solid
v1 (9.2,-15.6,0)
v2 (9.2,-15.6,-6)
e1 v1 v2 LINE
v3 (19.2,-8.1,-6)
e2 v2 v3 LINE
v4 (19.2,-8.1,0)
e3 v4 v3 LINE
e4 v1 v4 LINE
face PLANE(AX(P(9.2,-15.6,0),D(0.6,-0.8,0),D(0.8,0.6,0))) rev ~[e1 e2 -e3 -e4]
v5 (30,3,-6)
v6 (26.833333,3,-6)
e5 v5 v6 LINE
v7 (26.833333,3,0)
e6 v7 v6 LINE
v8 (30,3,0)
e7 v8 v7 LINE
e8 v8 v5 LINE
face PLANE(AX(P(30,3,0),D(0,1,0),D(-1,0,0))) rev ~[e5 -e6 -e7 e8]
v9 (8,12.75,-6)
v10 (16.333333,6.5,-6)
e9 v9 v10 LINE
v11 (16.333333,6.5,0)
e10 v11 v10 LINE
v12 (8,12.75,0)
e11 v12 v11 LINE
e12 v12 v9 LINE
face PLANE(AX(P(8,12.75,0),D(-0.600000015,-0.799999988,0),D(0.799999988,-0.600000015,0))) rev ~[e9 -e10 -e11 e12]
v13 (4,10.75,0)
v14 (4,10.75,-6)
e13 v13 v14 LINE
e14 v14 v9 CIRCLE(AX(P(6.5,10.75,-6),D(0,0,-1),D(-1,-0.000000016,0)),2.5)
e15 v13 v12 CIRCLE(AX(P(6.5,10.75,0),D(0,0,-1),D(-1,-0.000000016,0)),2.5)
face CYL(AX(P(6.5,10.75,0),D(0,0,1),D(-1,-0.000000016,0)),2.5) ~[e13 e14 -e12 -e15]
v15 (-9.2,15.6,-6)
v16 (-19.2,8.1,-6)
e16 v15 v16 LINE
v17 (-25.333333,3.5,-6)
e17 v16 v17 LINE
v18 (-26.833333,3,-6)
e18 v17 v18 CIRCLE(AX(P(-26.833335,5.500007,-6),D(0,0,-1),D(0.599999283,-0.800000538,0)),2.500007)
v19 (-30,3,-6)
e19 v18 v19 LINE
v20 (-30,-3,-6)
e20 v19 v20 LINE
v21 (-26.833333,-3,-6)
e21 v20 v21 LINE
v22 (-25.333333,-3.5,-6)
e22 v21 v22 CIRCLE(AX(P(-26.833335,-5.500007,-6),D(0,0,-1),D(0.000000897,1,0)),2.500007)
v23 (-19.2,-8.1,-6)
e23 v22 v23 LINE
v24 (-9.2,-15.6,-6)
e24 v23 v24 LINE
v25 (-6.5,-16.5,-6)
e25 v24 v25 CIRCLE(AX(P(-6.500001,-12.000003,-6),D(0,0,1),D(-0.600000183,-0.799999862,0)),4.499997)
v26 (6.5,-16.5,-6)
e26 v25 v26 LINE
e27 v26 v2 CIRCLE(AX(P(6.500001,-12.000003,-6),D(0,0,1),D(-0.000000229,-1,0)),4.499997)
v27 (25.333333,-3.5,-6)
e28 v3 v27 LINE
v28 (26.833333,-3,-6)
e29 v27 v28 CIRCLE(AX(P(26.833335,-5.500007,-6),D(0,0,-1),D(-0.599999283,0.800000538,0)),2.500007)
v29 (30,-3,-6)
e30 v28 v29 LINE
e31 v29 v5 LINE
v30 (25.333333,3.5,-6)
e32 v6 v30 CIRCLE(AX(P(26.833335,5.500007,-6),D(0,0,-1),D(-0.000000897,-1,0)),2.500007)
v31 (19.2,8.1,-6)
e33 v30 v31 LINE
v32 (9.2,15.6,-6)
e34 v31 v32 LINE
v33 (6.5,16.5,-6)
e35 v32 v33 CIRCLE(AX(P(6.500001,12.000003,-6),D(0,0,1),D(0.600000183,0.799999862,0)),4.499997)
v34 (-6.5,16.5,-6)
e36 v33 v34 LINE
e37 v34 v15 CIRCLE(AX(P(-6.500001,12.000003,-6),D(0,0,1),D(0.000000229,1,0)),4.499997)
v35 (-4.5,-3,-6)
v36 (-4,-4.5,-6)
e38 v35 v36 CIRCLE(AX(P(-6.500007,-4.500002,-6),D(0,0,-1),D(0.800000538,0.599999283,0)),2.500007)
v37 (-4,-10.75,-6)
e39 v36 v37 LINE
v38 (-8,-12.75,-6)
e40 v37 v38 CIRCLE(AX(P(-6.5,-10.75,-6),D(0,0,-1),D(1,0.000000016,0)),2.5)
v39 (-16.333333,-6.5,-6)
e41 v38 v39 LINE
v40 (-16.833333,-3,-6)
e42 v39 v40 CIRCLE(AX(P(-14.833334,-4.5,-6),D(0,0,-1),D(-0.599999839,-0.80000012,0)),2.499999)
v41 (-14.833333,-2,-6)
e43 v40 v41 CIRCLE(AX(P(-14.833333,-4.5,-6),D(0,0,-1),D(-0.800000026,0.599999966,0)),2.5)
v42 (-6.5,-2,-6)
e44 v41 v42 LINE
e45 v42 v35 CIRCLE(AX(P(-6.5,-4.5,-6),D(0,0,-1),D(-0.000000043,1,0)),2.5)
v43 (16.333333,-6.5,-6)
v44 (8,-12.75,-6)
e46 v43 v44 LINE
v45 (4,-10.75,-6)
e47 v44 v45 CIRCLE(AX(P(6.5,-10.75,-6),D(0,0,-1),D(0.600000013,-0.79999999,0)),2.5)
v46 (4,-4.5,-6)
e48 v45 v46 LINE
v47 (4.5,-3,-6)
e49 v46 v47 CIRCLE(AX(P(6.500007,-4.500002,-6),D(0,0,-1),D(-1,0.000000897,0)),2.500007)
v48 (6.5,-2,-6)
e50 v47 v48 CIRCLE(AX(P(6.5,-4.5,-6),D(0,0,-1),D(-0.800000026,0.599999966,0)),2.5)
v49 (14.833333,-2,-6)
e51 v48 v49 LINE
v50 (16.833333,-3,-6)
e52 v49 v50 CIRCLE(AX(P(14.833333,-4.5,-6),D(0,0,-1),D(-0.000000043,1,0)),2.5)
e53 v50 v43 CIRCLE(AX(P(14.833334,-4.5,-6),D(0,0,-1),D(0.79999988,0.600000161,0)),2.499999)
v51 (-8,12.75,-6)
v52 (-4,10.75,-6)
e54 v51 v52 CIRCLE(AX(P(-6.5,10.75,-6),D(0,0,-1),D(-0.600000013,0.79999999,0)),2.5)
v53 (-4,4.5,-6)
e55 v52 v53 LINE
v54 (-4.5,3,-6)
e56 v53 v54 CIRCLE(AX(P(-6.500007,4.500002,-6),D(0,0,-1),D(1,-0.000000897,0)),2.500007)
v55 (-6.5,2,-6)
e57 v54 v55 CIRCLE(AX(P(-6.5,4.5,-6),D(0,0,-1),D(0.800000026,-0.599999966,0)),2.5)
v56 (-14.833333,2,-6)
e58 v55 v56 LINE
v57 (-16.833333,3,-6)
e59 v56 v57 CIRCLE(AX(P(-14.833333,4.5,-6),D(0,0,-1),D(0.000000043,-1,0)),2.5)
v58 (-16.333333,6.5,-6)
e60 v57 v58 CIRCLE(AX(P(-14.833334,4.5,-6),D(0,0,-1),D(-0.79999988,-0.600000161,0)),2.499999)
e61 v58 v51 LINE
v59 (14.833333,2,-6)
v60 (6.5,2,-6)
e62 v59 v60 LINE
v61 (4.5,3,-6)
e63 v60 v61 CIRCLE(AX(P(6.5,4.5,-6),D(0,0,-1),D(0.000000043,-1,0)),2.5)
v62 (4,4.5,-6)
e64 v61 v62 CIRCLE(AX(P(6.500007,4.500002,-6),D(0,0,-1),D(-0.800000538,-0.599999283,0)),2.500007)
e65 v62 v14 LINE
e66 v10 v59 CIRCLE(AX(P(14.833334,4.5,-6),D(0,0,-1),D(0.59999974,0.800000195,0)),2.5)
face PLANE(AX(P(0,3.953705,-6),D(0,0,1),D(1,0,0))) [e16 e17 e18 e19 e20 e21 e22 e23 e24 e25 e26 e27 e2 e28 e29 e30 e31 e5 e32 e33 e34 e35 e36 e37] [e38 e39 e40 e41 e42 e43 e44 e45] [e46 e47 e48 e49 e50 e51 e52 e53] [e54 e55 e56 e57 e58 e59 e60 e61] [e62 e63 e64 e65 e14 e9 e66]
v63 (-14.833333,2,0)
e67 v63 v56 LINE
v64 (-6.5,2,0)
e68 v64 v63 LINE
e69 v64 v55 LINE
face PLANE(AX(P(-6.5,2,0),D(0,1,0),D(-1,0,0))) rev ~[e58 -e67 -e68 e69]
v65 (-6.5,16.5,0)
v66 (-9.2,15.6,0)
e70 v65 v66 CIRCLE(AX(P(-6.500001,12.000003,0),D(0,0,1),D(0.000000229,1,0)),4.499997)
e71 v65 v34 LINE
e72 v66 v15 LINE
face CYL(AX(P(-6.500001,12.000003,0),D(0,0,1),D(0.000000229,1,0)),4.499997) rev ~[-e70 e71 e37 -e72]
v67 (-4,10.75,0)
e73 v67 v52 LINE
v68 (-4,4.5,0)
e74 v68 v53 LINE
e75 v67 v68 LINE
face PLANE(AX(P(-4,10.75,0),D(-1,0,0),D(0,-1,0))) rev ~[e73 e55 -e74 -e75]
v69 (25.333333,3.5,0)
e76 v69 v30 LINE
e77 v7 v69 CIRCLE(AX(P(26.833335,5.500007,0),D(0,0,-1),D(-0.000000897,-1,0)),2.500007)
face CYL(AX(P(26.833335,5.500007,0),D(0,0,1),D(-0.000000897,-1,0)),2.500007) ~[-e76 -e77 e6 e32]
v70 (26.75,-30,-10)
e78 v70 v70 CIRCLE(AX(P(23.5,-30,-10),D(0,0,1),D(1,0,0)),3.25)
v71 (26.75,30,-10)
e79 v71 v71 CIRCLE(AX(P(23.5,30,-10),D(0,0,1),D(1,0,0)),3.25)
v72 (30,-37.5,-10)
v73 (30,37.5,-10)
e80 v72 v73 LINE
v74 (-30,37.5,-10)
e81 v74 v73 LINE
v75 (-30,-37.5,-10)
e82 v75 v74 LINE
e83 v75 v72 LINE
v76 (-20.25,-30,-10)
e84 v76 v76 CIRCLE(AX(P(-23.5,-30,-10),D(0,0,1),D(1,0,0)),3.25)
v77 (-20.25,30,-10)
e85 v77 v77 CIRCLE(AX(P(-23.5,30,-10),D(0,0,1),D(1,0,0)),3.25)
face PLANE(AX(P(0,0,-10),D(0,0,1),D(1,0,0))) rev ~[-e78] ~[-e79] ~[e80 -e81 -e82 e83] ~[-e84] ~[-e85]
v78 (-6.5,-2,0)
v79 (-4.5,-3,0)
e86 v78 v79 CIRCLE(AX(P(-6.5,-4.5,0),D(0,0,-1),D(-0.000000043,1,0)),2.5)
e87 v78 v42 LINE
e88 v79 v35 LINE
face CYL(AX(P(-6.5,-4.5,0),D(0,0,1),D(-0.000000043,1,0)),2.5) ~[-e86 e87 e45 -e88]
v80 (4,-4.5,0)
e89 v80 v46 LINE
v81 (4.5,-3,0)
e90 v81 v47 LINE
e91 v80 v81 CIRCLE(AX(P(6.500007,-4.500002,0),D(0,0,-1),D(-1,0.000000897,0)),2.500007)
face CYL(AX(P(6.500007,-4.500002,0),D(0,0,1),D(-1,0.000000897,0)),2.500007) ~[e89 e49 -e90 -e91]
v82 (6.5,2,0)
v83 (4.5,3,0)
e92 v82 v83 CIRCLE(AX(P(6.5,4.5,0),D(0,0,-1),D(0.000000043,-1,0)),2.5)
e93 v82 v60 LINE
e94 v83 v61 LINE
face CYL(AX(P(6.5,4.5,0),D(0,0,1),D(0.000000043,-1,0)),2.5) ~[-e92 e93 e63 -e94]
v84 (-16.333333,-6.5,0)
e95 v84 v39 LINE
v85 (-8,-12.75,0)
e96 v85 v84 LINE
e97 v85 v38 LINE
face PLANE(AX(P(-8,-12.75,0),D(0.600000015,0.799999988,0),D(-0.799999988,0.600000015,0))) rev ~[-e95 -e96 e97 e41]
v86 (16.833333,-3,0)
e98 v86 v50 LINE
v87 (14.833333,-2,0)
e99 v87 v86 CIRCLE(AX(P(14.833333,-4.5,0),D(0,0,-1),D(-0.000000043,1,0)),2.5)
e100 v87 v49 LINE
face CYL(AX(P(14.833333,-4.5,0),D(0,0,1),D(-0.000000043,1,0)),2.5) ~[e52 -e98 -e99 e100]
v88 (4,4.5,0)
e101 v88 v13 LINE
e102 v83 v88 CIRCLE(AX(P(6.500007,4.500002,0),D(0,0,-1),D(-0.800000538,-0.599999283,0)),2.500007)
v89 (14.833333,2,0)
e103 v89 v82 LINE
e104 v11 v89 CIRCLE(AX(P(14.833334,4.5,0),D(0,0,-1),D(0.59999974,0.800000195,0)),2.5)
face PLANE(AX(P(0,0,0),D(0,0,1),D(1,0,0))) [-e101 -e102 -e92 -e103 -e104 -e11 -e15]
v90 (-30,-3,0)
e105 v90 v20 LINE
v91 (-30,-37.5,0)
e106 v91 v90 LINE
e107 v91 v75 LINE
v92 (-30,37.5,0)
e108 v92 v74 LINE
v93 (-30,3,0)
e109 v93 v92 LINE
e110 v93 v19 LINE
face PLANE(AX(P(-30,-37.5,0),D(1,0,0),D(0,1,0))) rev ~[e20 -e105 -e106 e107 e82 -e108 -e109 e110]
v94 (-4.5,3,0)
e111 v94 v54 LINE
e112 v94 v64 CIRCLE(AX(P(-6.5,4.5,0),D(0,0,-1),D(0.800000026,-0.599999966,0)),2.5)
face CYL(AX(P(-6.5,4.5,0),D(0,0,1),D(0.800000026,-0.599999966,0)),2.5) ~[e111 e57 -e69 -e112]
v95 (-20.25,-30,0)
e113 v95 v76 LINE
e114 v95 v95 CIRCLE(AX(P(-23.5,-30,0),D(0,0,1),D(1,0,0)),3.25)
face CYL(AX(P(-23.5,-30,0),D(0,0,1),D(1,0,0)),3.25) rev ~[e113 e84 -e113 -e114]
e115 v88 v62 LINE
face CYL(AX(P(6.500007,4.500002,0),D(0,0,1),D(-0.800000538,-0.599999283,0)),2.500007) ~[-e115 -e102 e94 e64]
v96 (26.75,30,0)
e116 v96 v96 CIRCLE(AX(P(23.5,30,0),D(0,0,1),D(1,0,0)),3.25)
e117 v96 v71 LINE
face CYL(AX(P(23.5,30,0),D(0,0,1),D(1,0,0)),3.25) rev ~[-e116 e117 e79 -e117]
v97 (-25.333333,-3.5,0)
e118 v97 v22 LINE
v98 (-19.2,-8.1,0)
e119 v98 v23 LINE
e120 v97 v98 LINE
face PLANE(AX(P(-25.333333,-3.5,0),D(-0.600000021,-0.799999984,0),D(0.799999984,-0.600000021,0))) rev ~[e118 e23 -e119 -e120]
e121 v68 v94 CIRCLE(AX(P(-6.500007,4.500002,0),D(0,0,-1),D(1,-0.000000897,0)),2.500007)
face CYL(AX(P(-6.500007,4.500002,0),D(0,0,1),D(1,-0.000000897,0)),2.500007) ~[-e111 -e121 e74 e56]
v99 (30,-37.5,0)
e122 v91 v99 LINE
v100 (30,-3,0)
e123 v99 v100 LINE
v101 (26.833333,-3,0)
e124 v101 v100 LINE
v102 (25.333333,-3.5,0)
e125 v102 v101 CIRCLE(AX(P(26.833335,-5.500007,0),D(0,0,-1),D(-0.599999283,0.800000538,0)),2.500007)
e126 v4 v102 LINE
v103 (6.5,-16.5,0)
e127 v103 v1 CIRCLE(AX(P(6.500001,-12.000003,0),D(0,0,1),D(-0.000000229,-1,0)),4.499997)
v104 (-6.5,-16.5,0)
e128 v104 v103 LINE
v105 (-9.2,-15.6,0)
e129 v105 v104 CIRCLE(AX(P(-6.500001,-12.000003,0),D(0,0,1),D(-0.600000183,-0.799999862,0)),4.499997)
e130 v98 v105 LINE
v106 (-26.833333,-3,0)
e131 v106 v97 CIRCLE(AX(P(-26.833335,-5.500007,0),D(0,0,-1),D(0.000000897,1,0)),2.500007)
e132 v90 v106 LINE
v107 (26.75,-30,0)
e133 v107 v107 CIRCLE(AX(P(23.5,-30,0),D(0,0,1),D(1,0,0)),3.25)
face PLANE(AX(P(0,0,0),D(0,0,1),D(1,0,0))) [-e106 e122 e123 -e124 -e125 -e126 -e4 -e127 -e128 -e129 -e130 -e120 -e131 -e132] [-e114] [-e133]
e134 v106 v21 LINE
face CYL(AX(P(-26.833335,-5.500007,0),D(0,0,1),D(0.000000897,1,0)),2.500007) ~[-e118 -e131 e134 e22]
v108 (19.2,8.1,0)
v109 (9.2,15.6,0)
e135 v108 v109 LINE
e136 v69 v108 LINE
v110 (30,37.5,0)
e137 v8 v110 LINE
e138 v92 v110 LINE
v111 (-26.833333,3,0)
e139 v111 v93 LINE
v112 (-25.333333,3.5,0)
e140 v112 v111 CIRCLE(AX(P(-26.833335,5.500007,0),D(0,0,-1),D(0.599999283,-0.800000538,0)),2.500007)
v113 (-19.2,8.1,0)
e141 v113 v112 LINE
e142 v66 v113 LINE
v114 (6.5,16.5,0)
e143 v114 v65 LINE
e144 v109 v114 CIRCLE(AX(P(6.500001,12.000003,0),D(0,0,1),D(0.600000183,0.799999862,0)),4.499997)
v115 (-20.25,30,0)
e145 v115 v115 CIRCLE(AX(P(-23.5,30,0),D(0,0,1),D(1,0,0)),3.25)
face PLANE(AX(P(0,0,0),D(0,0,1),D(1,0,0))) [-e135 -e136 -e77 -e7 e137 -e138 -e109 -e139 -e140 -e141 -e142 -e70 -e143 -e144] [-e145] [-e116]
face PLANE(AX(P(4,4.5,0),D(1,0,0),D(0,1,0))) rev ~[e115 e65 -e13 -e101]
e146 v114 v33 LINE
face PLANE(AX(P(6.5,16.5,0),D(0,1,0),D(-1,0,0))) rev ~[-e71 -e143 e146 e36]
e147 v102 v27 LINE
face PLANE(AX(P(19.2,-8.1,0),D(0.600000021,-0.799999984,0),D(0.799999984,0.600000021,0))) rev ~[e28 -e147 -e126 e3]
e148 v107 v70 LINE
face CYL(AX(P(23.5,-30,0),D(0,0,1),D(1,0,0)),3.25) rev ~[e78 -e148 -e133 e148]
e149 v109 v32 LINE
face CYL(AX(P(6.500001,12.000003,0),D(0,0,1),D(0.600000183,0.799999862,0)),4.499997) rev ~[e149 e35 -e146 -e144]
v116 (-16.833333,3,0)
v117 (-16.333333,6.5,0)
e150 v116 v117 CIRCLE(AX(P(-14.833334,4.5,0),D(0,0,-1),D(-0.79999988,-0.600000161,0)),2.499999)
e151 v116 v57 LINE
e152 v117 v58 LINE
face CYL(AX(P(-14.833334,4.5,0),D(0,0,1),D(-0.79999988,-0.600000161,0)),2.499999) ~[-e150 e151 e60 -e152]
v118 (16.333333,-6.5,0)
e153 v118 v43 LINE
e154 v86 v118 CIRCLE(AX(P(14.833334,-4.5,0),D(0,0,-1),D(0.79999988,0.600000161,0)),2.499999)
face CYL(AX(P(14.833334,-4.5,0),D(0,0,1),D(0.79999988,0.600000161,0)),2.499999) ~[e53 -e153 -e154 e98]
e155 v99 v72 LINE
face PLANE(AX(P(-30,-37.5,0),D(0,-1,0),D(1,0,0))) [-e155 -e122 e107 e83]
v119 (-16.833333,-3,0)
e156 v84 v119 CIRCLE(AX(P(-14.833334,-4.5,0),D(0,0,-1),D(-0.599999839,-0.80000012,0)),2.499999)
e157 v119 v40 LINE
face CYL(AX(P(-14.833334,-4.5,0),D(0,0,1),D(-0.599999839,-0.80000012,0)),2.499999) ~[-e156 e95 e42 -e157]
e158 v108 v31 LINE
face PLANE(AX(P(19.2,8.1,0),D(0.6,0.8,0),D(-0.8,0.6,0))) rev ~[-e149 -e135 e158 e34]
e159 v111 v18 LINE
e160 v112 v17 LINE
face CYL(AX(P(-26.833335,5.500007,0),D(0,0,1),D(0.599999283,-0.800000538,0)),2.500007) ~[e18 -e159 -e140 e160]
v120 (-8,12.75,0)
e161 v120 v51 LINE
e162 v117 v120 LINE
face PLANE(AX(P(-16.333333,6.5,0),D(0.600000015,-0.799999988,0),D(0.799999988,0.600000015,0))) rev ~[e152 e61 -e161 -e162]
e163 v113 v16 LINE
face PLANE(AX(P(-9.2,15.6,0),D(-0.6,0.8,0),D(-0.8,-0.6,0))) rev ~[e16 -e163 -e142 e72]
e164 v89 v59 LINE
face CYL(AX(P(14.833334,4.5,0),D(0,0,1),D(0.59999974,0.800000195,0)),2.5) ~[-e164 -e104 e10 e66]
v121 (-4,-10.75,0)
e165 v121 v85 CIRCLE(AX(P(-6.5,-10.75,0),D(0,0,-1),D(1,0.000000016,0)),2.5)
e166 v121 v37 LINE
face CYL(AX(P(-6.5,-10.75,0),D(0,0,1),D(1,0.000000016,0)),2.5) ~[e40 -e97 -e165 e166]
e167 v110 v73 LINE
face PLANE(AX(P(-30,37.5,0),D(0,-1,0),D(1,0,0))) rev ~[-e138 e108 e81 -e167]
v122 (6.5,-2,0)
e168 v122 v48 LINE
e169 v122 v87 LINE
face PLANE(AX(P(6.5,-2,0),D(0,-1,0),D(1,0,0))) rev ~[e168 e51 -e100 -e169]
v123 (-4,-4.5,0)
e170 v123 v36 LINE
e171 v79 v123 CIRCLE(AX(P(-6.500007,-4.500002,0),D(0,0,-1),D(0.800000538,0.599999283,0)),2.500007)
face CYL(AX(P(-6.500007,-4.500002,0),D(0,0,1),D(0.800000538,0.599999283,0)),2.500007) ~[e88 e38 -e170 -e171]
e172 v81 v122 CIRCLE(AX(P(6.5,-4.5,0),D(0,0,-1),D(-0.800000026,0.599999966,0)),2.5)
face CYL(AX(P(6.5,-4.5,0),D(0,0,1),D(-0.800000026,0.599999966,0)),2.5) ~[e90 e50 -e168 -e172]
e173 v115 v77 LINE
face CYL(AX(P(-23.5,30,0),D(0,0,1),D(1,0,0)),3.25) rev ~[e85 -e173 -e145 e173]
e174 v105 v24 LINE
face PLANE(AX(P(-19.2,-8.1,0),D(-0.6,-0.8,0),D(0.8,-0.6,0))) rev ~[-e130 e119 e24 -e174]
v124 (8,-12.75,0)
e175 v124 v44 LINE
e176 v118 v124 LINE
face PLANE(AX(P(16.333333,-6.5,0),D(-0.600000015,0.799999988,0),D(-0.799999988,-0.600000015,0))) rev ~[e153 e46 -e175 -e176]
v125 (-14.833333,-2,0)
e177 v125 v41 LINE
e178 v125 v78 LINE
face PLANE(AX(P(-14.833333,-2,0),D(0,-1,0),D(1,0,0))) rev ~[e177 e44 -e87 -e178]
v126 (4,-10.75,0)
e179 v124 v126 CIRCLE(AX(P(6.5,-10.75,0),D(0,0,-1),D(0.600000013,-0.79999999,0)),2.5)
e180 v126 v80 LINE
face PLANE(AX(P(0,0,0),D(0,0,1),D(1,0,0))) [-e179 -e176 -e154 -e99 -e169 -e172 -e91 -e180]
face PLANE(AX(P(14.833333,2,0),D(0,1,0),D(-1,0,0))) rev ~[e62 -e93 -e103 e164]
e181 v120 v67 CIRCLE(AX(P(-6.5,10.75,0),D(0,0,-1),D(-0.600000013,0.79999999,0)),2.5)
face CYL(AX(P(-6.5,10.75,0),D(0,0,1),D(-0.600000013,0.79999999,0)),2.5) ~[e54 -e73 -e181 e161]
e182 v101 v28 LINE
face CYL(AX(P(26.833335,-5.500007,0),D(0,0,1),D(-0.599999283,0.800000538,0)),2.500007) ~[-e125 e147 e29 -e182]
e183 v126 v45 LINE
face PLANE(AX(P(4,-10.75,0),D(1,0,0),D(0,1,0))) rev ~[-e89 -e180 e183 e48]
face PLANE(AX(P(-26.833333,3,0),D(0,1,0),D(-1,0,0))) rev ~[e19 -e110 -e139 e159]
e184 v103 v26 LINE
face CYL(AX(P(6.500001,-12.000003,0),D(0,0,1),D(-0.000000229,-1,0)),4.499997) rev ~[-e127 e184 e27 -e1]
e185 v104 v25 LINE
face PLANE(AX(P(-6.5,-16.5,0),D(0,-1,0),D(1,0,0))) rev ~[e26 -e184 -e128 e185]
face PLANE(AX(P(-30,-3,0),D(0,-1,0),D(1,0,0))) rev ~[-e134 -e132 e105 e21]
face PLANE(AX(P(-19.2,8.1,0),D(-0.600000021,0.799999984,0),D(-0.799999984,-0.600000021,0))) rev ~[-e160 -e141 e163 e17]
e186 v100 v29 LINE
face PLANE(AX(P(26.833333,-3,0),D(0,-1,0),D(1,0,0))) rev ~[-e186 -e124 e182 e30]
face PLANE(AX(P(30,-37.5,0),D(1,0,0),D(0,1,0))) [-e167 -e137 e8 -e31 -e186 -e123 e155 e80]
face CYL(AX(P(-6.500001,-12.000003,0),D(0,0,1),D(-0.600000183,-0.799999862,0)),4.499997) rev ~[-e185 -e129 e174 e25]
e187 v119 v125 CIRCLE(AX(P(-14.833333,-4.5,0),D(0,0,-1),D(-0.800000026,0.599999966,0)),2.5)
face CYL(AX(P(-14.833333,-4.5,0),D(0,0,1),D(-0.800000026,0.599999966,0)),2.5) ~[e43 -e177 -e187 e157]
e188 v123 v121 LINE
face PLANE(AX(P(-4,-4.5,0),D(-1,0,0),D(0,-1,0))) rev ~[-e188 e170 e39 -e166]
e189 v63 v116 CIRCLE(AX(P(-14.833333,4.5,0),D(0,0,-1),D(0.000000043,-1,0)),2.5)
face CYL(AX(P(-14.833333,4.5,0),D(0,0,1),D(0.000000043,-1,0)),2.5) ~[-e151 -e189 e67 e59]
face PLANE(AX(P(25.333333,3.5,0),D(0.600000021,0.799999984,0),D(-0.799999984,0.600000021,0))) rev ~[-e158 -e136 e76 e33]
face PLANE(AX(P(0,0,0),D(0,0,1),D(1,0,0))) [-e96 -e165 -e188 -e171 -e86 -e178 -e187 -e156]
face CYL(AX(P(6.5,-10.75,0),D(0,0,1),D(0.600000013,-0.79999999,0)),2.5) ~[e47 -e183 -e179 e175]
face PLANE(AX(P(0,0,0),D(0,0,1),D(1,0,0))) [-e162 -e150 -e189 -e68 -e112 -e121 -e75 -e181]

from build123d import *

# Parameters (mm, degrees)
F0_W     = 60
F0_H     = 75
F1_DEPTH = 10
F2_R     = 3.25
F3_DEPTH = 10.001
F5_DEPTH = 6


with BuildPart() as f1:
    # F0 (on Top) → F1 (new body)
    with BuildSketch(Plane.XY):
        Rectangle(F0_W, F0_H)
    extrude(amount=-F1_DEPTH)

    # F2 (on Top) → F3 (cut, through all)
    with BuildSketch(Plane.XY):
        with Locations((-23.5, 30)):
            Circle(F2_R)
        with Locations((23.5, 30)):
            Circle(F2_R)
        with Locations((-23.5, -30)):
            Circle(F2_R)
        with Locations((23.5, -30)):
            Circle(F2_R)
    extrude(amount=-F3_DEPTH, mode=Mode.SUBTRACT)

    # F4 (on face) → F5 (cut)
    with BuildSketch(Plane.XY):
        with BuildLine():
            Line((-30, 3), (-30, 0))
            Line((-30, 0), (-30, -3))
            Line((-30, -3), (-26.833333, -3))
            Line((-26.833333, -3), (-26, -3))
            Line((-26, -3), (-16.833333, -3))
            ThreePointArc((-16.833333, -3), (-15.951367, -2.263932), (-14.833333, -2))
            Line((-14.833333, -2), (-6.5, -2))
            ThreePointArc((-6.5, -2), (-5.381966, -2.263932), (-4.5, -3))
            Line((-4.5, -3), (-2.257359, -3))
            Line((-2.257359, -3), (2.257359, -3))
            Line((2.257359, -3), (4.5, -3))
            ThreePointArc((4.5, -3), (5.381966, -2.263932), (6.5, -2))
            Line((6.5, -2), (14.833333, -2))
            ThreePointArc((14.833333, -2), (15.951367, -2.263932), (16.833333, -3))
            Line((16.833333, -3), (26, -3))
            Line((26, -3), (26.833333, -3))
            Line((26.833333, -3), (30, -3))
            Line((30, -3), (30, 0))
            Line((30, 0), (30, 3))
            Line((30, 3), (26.833333, 3))
            Line((26.833333, 3), (26, 3))
            Line((26, 3), (25.333333, 3.5))
            Line((25.333333, 3.5), (19.2, 8.1))
            Line((19.2, 8.1), (9.2, 15.6))
            ThreePointArc((9.2, 15.6), (7.923025, 16.269075), (6.5, 16.5))
            Line((6.5, 16.5), (0, 16.5))
            Line((0, 16.5), (-6.5, 16.5))
            ThreePointArc((-6.5, 16.5), (-7.923025, 16.269075), (-9.2, 15.6))
            Line((-9.2, 15.6), (-19.2, 8.1))
            Line((-19.2, 8.1), (-25.333333, 3.5))
            Line((-25.333333, 3.5), (-26, 3))
            Line((-26, 3), (-26.833333, 3))
            Line((-26.833333, 3), (-30, 3))
        make_face()
        with BuildLine():
            ThreePointArc((-14.833333, 2), (-15.951367, 2.263932), (-16.833333, 3))
            ThreePointArc((-16.833333, 3), (-17.308207, 4.853553), (-16.333333, 6.5))
            Line((-16.333333, 6.5), (-8, 12.75))
            ThreePointArc((-8, 12.75), (-5.381966, 12.986068), (-4, 10.75))
            Line((-4, 10.75), (-4, 4.5))
            ThreePointArc((-4, 4.5), (-4.128292, 3.709431), (-4.5, 3))
            ThreePointArc((-4.5, 3), (-5.381966, 2.263932), (-6.5, 2))
            Line((-6.5, 2), (-14.833333, 2))
        make_face(mode=Mode.SUBTRACT)
        with BuildLine():
            ThreePointArc((6.5, 2), (5.381966, 2.263932), (4.5, 3))
            ThreePointArc((4.5, 3), (4.128292, 3.709431), (4, 4.5))
            Line((4, 4.5), (4, 10.75))
            ThreePointArc((4, 10.75), (5.381966, 12.986068), (8, 12.75))
            Line((8, 12.75), (16.333333, 6.5))
            ThreePointArc((16.333333, 6.5), (17.205042, 3.709431), (14.833333, 2))
            Line((14.833333, 2), (6.5, 2))
        make_face(mode=Mode.SUBTRACT)
        with BuildLine():
            ThreePointArc((-25.333333, 3.5), (-26.042764, 3.128292), (-26.833333, 3))
            Line((-26.833333, 3), (-26, 3))
            Line((-26, 3), (-25.333333, 3.5))
        make_face()
        with BuildLine():
            Line((-26, -3), (-26.833333, -3))
            ThreePointArc((-26.833333, -3), (-26.042764, -3.128292), (-25.333333, -3.5))
            Line((-25.333333, -3.5), (-26, -3))
        make_face()
        with BuildLine():
            Line((-16.833333, -3), (-26, -3))
            Line((-26, -3), (-25.333333, -3.5))
            Line((-25.333333, -3.5), (-19.2, -8.1))
            Line((-19.2, -8.1), (-9.2, -15.6))
            ThreePointArc((-9.2, -15.6), (-7.923025, -16.269075), (-6.5, -16.5))
            Line((-6.5, -16.5), (0, -16.5))
            Line((0, -16.5), (6.5, -16.5))
            ThreePointArc((6.5, -16.5), (7.923025, -16.269075), (9.2, -15.6))
            Line((9.2, -15.6), (19.2, -8.1))
            Line((19.2, -8.1), (25.333333, -3.5))
            Line((25.333333, -3.5), (26, -3))
            Line((26, -3), (16.833333, -3))
            ThreePointArc((16.833333, -3), (17.308207, -4.853553), (16.333333, -6.5))
            Line((16.333333, -6.5), (8, -12.75))
            ThreePointArc((8, -12.75), (5.381966, -12.986068), (4, -10.75))
            Line((4, -10.75), (4, -4.5))
            ThreePointArc((4, -4.5), (4.128292, -3.709431), (4.5, -3))
            Line((4.5, -3), (2.257359, -3))
            Line((2.257359, -3), (-2.257359, -3))
            Line((-2.257359, -3), (-4.5, -3))
            ThreePointArc((-4.5, -3), (-4.128292, -3.709431), (-4, -4.5))
            Line((-4, -4.5), (-4, -10.75))
            ThreePointArc((-4, -10.75), (-5.381966, -12.986068), (-8, -12.75))
            Line((-8, -12.75), (-16.333333, -6.5))
            ThreePointArc((-16.333333, -6.5), (-17.308207, -4.853553), (-16.833333, -3))
        make_face()
        with BuildLine():
            Line((26.833333, -3), (26, -3))
            Line((26, -3), (25.333333, -3.5))
            ThreePointArc((25.333333, -3.5), (26.042764, -3.128292), (26.833333, -3))
        make_face()
        with BuildLine():
            ThreePointArc((26.833333, 3), (26.042764, 3.128292), (25.333333, 3.5))
            Line((25.333333, 3.5), (26, 3))
            Line((26, 3), (26.833333, 3))
        make_face()
    extrude(amount=-F5_DEPTH, mode=Mode.SUBTRACT)


solid = f1.part
